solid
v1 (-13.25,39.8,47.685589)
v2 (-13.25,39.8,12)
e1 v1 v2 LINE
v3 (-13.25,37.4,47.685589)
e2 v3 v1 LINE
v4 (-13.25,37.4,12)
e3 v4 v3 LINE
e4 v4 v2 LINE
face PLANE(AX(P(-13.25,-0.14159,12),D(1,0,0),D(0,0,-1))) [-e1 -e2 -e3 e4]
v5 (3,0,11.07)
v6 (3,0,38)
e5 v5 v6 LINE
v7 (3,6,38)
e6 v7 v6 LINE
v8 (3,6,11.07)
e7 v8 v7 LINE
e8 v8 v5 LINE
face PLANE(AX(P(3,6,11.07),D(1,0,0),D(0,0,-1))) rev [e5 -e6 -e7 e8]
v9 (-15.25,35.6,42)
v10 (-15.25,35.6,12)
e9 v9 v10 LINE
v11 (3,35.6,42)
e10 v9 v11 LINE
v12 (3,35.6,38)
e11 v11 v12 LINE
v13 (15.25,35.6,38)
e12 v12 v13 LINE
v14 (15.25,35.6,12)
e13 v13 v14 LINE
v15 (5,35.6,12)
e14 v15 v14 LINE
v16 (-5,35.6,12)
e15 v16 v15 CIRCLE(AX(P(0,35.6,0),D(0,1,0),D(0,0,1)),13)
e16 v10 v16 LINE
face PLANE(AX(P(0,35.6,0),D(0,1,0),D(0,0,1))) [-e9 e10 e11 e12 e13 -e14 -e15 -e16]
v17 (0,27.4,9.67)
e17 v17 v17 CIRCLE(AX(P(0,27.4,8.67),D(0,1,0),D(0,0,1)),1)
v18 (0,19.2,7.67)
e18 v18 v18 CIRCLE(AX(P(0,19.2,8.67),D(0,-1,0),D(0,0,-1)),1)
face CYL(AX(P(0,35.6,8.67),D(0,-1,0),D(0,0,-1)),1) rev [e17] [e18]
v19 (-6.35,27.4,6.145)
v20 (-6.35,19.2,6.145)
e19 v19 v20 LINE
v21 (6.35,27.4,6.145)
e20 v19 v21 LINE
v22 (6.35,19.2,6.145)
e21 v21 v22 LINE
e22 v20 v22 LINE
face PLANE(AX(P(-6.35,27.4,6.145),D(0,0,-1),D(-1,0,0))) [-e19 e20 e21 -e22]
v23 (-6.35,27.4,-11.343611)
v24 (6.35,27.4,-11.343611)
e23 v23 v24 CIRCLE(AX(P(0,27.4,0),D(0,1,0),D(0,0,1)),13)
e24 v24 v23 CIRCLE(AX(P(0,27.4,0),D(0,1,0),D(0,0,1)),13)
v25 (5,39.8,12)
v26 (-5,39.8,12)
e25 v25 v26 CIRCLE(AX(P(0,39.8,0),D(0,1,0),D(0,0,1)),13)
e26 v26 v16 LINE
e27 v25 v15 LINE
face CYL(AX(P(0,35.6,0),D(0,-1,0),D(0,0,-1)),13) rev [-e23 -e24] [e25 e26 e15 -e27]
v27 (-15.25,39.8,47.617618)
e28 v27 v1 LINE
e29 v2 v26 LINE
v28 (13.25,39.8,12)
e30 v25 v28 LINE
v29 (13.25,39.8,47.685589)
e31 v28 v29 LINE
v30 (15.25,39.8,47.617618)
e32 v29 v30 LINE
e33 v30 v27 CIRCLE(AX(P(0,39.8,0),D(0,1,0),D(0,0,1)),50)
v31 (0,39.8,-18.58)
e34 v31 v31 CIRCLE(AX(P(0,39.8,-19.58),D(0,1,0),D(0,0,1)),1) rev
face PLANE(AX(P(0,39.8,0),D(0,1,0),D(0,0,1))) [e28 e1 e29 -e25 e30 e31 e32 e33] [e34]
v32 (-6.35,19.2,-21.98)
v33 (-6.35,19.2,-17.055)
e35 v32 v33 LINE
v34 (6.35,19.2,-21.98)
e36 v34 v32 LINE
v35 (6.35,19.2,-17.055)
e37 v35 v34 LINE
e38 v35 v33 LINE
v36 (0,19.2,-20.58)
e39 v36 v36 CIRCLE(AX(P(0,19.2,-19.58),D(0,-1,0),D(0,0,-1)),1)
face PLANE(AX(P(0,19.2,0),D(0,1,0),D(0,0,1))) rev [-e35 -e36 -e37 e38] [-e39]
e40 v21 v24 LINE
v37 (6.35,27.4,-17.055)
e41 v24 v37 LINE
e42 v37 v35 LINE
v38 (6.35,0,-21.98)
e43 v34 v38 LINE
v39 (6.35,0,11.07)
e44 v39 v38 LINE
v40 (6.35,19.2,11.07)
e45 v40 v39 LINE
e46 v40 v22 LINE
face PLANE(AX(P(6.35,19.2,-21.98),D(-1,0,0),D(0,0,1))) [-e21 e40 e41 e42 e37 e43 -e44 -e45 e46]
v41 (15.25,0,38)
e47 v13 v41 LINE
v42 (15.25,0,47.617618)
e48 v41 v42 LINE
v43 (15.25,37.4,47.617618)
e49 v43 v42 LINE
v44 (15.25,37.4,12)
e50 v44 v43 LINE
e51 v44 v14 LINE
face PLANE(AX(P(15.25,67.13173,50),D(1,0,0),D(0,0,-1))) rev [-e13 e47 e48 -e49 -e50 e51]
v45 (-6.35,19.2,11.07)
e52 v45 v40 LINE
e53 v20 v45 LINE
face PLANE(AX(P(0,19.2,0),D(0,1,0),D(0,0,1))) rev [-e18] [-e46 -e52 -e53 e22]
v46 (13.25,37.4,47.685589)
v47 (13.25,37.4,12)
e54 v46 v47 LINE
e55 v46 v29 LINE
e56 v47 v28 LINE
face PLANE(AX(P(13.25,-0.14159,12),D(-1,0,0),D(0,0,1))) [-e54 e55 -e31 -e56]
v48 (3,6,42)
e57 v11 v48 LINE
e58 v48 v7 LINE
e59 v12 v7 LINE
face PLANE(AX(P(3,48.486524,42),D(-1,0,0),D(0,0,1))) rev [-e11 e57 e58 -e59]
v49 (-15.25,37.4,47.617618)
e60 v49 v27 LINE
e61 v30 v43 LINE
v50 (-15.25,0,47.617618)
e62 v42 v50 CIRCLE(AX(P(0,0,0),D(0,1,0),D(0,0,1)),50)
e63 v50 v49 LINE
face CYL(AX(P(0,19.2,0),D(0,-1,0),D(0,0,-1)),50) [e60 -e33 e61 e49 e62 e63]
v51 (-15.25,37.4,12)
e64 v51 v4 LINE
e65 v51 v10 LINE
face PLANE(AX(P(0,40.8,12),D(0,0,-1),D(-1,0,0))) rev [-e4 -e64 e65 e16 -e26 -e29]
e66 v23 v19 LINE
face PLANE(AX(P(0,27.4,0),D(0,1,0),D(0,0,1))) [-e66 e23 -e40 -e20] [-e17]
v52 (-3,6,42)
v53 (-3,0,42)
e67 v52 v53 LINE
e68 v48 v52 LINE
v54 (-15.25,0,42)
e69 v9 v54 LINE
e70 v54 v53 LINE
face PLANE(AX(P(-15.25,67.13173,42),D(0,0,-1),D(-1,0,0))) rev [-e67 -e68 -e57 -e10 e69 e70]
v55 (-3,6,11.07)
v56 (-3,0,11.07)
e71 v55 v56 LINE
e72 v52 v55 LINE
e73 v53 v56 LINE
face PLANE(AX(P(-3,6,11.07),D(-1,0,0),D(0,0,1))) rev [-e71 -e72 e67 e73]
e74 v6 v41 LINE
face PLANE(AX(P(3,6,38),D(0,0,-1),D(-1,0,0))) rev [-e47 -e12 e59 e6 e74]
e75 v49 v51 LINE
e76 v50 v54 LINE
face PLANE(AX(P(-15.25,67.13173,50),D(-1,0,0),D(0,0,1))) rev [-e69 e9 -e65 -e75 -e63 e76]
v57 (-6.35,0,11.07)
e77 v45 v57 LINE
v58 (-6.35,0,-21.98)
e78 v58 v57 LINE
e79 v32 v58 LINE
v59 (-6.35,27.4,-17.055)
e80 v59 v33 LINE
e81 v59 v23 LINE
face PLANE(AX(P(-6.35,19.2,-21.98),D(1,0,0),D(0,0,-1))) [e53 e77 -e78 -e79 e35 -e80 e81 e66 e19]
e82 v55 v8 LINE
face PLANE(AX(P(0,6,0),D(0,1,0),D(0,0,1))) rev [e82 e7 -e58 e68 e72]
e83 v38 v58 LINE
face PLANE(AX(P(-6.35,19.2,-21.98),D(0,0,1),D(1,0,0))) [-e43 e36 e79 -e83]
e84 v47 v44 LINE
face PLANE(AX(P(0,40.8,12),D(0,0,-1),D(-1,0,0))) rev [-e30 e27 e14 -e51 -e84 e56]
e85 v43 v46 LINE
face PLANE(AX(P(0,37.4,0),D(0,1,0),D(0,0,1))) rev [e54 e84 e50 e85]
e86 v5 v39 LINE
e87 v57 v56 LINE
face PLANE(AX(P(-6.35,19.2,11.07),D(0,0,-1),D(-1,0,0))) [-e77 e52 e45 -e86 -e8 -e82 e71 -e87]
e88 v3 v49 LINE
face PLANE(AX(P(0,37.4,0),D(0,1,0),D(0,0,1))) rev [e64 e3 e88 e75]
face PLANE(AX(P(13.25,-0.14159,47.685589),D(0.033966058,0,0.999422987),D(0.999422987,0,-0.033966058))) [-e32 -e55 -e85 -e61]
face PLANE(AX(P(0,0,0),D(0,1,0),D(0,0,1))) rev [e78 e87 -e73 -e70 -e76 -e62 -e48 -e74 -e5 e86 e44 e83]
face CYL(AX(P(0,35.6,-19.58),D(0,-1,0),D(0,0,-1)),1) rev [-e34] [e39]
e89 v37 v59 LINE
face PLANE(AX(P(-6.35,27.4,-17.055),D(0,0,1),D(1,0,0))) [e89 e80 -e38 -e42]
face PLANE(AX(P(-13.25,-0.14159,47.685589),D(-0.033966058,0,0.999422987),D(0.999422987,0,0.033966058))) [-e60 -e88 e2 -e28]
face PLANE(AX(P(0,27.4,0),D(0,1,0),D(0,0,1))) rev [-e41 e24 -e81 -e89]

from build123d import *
from build123d.topology import SkipClean

# Parameters (mm, degrees)
SKETCH7_R            = 50
SKETCH7_W            = 12.7
SKETCH7_H            = 33.05
BOSS_EXTRUDE4_DEPTH  = 19.2
SKETCH8_R            = 50
SKETCH8_W            = 12.7
SKETCH8_H            = 23.2
BOSS_EXTRUDE5_DEPTH  = 8.2
SKETCH11_R           = 50
SKETCH11_R_2         = 13
BOSS_EXTRUDE6_DEPTH  = 8.2
SKETCH12_R           = 1
CUT_EXTRUDE4_DEPTH   = 74.271003815
SKETCH13_W           = 30.5
SKETCH13_H           = 8
CUT_EXTRUDE5_DEPTH   = 35.6
CUT_EXTRUDE6_DEPTH   = 6
SKETCH15_W           = 12.25
SKETCH15_H           = 4
CUT_EXTRUDE7_DEPTH   = 29.6
SKETCH16_R           = 1
BOSS_EXTRUDE11_DEPTH = 5.2
CUT_EXTRUDE8_START   = -1
SKETCH20_R           = 50
CUT_EXTRUDE8_DEPTH   = 1
BOSS_EXTRUDE12_DEPTH = 2.4


with BuildPart() as part:
    # Sketch7 → Boss-Extrude4 (new body)
    with BuildSketch(Plane(origin=(0, 0, 0), x_dir=(1, 0, 0), z_dir=(0, 1, 0))):
        with Locations(Location((0, 0, 0), (0, 0, 270))):
            Circle(SKETCH7_R)
        with Locations((0, 5.455)):
            Rectangle(SKETCH7_W, SKETCH7_H, mode=Mode.SUBTRACT)
    extrude(amount=BOSS_EXTRUDE4_DEPTH)

    # Sketch8 → Boss-Extrude5 (add)
    with BuildSketch(Plane(origin=(0, 19.2, 0), x_dir=(1, 0, 0), z_dir=(0, 1, 0))):
        with Locations(Location((0, 0, 0), (0, 0, 270))):
            Circle(SKETCH8_R)
        with Locations((0, 5.455)):
            Rectangle(SKETCH8_W, SKETCH8_H, mode=Mode.SUBTRACT)
    extrude(amount=BOSS_EXTRUDE5_DEPTH)

    # Sketch11 → Boss-Extrude6 (add)
    with BuildSketch(Plane(origin=(0, 27.4, 0), x_dir=(1, 0, 0), z_dir=(0, 1, 0))):
        with Locations(Location((0, 0, 0), (0, 0, 270))):
            Circle(SKETCH11_R)
        with Locations(Location((0, 0, 0), (0, 0, 119.239513028))):
            Circle(SKETCH11_R_2, mode=Mode.SUBTRACT)
    extrude(amount=BOSS_EXTRUDE6_DEPTH)

    # Sketch12 → Cut-Extrude4 (cut, through all)
    with BuildSketch(Plane.XZ.offset(-19.2)):
        with Locations(Location((0, 8.67, 0), (0, 0, 270))):
            Circle(SKETCH12_R)
        with Locations(Location((0, -19.58, 0), (0, 0, 270))):
            Circle(SKETCH12_R)
    extrude(amount=-CUT_EXTRUDE4_DEPTH, mode=Mode.SUBTRACT)

    # Sketch13 → Cut-Extrude5 (cut)
    with BuildSketch(Plane.XZ):
        with Locations((0, 46)):
            Rectangle(SKETCH13_W, SKETCH13_H)
    extrude(amount=-CUT_EXTRUDE5_DEPTH, mode=Mode.SUBTRACT)

    # Sketch14 → Cut-Extrude6 (cut)
    with BuildSketch(Plane.XZ):
        Polygon((-3, 11.07), (3, 11.07), (3, 38), (15.25, 38), (15.25, 42), (3, 42), (-3, 42), align=None)
    extrude(amount=-CUT_EXTRUDE6_DEPTH, mode=Mode.SUBTRACT)

    # Sketch15 → Cut-Extrude7 (cut)
    with BuildSketch(Plane.XZ.offset(-6)):
        with Locations((9.125, 40)):
            Rectangle(SKETCH15_W, SKETCH15_H)
    extrude(amount=-CUT_EXTRUDE7_DEPTH, mode=Mode.SUBTRACT)

    # Sketch16 → Boss-Extrude11 (add)
    with BuildSketch(Plane(origin=(0, 35.6, 0), x_dir=(1, 0, 0), z_dir=(0, 1, 0))):
        with BuildLine():
            ThreePointArc((15.25, -47.617617538), (0, 50), (-15.25, -47.617617538))
            Line((-15.25, -47.617617538), (-15.25, -42))
            Line((-15.25, -42), (-15.25, -12))
            Line((-15.25, -12), (-5, -12))
            ThreePointArc((-5, -12), (-7.211102551, 10.816653826), (13, 0))
            ThreePointArc((13, 0), (10.816653826, -7.211102551), (5, -12))
            Line((5, -12), (15.25, -12))
            Line((15.25, -12), (15.25, -38))
            Line((15.25, -38), (15.25, -47.617617538))
        make_face()
        with Locations(Location((0, 19.58, 0), (0, 0, 90))):
            Circle(SKETCH16_R, mode=Mode.SUBTRACT)
    extrude(amount=BOSS_EXTRUDE11_DEPTH)

    # Sketch20 → Cut-Extrude8 (cut)
    with SkipClean():  # the faces are left unmerged after this step: merging them gives an invalid solid
        with BuildSketch(Plane(origin=(0, 40.8, 0), x_dir=(1, 0, 0), z_dir=(0, 1, 0)).offset(CUT_EXTRUDE8_START)):
            Circle(SKETCH20_R)
        extrude(amount=CUT_EXTRUDE8_DEPTH, mode=Mode.SUBTRACT)

    # Sketch21 → Boss-Extrude12 (add)
    with SkipClean():  # the faces are left unmerged after this step: merging them gives an invalid solid
        with BuildSketch(Plane(origin=(0, 39.8, 0), x_dir=(1, 0, 0), z_dir=(0, 1, 0))):
            Polygon((-15.25, -12), (-13.25, -12), (-13.25, -47.685588874), (-15.25, -47.617617538), align=None)
            Polygon((13.25, -47.685588874), (15.25, -47.617617538), (15.25, -12), (13.25, -12), align=None)
        extrude(amount=-BOSS_EXTRUDE12_DEPTH)


solid = part.part
